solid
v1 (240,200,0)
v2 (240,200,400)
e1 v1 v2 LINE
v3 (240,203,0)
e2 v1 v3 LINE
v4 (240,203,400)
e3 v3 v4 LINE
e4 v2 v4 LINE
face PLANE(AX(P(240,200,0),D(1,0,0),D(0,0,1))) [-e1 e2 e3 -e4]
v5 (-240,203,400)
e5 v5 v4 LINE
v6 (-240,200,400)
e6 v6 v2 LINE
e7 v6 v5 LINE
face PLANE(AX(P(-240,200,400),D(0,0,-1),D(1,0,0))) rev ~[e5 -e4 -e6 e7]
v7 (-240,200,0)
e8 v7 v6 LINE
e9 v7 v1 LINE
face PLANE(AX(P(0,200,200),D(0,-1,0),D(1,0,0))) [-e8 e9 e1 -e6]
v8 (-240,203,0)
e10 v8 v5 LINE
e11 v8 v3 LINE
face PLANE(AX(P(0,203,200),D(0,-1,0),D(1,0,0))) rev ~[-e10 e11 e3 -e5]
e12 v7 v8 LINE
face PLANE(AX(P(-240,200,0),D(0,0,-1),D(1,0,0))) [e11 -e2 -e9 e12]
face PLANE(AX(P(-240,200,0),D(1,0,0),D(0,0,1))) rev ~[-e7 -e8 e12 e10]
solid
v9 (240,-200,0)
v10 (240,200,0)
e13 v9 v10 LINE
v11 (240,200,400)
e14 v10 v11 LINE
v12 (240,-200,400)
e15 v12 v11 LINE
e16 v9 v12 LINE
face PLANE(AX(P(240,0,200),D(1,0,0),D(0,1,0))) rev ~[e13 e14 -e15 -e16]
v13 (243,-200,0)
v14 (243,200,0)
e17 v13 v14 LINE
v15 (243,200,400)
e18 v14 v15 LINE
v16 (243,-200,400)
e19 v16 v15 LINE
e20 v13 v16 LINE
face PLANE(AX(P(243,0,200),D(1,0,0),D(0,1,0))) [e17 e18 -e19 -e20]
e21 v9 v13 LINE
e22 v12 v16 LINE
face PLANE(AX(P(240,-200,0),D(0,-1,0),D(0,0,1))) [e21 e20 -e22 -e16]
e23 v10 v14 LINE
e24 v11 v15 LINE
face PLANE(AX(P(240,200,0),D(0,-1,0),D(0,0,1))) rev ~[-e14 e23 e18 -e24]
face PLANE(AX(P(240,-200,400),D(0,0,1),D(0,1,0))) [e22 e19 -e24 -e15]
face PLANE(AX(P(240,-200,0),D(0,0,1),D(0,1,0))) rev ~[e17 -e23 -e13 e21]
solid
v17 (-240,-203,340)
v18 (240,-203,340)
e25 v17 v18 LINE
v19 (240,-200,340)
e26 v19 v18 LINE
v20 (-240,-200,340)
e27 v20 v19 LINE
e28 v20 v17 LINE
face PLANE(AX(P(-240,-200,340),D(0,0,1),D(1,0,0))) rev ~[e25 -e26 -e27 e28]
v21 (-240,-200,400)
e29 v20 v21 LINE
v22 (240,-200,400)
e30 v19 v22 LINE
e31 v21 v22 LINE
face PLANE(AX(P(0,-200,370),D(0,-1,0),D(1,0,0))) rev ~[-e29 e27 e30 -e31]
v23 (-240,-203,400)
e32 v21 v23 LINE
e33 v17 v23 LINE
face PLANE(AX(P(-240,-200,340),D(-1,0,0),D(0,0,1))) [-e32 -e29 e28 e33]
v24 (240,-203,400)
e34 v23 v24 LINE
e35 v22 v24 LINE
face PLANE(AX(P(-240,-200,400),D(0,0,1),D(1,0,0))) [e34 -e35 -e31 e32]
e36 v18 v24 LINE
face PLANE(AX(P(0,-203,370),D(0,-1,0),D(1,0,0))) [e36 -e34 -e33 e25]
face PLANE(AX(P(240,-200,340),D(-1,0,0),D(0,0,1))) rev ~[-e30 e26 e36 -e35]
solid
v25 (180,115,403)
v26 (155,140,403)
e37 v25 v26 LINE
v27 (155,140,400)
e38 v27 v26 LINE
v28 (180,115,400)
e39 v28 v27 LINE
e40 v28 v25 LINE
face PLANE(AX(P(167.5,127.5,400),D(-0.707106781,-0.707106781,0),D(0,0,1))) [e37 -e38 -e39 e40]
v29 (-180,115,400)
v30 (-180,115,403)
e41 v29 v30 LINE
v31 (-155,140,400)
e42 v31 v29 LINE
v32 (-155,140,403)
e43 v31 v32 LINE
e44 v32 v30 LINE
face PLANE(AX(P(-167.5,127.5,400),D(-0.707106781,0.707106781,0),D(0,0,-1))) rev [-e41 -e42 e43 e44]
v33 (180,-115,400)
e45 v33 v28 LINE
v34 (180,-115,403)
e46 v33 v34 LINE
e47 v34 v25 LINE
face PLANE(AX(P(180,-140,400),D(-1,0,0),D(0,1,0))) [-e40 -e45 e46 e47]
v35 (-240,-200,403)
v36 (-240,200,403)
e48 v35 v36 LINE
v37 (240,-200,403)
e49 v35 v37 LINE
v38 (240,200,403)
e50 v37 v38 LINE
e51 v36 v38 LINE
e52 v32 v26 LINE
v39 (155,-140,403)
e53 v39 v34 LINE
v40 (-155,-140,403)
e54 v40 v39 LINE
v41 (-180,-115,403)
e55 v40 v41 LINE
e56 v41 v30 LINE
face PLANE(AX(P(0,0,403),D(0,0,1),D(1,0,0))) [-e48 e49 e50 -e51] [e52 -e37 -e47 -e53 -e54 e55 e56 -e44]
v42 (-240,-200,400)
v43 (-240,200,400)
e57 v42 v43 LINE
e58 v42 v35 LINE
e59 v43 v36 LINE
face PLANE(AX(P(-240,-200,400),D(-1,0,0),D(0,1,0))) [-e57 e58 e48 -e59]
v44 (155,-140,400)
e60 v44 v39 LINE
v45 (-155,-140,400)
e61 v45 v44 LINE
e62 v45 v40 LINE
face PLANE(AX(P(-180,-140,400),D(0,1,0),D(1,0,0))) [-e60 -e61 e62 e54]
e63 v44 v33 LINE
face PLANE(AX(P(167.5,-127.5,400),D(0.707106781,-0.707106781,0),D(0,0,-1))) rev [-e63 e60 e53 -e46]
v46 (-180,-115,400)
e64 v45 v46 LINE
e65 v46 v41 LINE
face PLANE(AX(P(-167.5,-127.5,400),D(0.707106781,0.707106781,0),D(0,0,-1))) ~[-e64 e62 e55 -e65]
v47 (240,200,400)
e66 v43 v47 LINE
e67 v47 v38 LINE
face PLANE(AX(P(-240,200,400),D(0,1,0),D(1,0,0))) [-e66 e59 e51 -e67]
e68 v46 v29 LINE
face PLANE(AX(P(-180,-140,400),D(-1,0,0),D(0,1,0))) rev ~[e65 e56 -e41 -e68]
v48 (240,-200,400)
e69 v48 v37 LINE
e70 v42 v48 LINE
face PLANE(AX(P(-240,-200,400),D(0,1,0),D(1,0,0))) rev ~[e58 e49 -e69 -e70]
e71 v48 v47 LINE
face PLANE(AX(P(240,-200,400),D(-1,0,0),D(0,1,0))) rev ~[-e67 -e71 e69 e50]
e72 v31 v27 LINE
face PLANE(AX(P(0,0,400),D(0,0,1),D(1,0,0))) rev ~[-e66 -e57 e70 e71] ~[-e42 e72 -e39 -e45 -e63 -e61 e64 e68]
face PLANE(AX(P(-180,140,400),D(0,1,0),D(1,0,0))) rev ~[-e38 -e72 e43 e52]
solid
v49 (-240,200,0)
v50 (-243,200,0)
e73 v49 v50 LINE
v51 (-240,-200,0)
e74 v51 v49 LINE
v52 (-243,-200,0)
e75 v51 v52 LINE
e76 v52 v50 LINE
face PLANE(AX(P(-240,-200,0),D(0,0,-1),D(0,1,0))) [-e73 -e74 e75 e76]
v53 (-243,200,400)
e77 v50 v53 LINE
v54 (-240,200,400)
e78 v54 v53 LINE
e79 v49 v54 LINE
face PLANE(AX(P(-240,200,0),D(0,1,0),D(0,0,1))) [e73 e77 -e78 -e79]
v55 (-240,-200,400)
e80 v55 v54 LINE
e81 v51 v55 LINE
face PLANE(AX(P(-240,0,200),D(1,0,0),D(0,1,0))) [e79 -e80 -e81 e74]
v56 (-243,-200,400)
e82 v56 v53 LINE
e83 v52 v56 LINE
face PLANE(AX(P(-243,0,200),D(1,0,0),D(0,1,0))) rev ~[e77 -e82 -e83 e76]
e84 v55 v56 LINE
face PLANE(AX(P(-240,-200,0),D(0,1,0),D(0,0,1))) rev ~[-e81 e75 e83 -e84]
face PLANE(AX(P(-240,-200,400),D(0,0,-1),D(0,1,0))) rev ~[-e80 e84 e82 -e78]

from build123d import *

# Parameters (mm, degrees)
F4_W      = 480
F4_H      = 400
F4_W_2    = 360
F4_H_2    = 280
F13_DEPTH = 3
F14_SIZE  = 25
F6_W      = 400
F6_H      = 400
F15_DEPTH = 3
F10_W     = 400
F10_H     = 400
F16_DEPTH = 3
F8_W      = 480
F8_H      = 400
F17_DEPTH = 3
F12_W     = 480
F12_H     = 60
F18_DEPTH = 3


with BuildPart() as f13:
    # F4 (on plane+point) → F13 (new body)
    with BuildSketch(Plane.XY.offset(400)):
        Rectangle(F4_W, F4_H)
        Rectangle(F4_W_2, F4_H_2, mode=Mode.SUBTRACT)
    extrude(amount=F13_DEPTH)

    # F14
    f14_edges = [f13.edges().sort_by_distance(p)[0] for p in [
        (-180, -140, 401.5),
        (-180, 140, 401.5),
        (180, 140, 401.5),
        (180, -140, 401.5),
    ]]
    chamfer(f14_edges, length=F14_SIZE)


with BuildPart() as f15:
    # F6 (on plane+point) → F15 (new body)
    with BuildSketch(Plane.YZ.offset(-240)):
        with Locations((0, 200)):
            Rectangle(F6_W, F6_H)
    extrude(amount=-F15_DEPTH)


with BuildPart() as f16:
    # F10 (on plane+point) → F16 (new body)
    with BuildSketch(Plane.YZ.offset(240)):
        with Locations((0, 200)):
            Rectangle(F10_W, F10_H)
    extrude(amount=F16_DEPTH)


with BuildPart() as f17:
    # F8 (on plane+point) → F17 (new body)
    with BuildSketch(Plane.XZ.offset(-200)):
        with Locations((0, 200)):
            Rectangle(F8_W, F8_H)
    extrude(amount=-F17_DEPTH)


with BuildPart() as f18:
    # F12 (on plane+point) → F18 (new body)
    with BuildSketch(Plane.XZ.offset(200)):
        with Locations((0, 370)):
            Rectangle(F12_W, F12_H)
    extrude(amount=F18_DEPTH)


solid = Compound([f13.part, f15.part, f16.part, f17.part, f18.part])
